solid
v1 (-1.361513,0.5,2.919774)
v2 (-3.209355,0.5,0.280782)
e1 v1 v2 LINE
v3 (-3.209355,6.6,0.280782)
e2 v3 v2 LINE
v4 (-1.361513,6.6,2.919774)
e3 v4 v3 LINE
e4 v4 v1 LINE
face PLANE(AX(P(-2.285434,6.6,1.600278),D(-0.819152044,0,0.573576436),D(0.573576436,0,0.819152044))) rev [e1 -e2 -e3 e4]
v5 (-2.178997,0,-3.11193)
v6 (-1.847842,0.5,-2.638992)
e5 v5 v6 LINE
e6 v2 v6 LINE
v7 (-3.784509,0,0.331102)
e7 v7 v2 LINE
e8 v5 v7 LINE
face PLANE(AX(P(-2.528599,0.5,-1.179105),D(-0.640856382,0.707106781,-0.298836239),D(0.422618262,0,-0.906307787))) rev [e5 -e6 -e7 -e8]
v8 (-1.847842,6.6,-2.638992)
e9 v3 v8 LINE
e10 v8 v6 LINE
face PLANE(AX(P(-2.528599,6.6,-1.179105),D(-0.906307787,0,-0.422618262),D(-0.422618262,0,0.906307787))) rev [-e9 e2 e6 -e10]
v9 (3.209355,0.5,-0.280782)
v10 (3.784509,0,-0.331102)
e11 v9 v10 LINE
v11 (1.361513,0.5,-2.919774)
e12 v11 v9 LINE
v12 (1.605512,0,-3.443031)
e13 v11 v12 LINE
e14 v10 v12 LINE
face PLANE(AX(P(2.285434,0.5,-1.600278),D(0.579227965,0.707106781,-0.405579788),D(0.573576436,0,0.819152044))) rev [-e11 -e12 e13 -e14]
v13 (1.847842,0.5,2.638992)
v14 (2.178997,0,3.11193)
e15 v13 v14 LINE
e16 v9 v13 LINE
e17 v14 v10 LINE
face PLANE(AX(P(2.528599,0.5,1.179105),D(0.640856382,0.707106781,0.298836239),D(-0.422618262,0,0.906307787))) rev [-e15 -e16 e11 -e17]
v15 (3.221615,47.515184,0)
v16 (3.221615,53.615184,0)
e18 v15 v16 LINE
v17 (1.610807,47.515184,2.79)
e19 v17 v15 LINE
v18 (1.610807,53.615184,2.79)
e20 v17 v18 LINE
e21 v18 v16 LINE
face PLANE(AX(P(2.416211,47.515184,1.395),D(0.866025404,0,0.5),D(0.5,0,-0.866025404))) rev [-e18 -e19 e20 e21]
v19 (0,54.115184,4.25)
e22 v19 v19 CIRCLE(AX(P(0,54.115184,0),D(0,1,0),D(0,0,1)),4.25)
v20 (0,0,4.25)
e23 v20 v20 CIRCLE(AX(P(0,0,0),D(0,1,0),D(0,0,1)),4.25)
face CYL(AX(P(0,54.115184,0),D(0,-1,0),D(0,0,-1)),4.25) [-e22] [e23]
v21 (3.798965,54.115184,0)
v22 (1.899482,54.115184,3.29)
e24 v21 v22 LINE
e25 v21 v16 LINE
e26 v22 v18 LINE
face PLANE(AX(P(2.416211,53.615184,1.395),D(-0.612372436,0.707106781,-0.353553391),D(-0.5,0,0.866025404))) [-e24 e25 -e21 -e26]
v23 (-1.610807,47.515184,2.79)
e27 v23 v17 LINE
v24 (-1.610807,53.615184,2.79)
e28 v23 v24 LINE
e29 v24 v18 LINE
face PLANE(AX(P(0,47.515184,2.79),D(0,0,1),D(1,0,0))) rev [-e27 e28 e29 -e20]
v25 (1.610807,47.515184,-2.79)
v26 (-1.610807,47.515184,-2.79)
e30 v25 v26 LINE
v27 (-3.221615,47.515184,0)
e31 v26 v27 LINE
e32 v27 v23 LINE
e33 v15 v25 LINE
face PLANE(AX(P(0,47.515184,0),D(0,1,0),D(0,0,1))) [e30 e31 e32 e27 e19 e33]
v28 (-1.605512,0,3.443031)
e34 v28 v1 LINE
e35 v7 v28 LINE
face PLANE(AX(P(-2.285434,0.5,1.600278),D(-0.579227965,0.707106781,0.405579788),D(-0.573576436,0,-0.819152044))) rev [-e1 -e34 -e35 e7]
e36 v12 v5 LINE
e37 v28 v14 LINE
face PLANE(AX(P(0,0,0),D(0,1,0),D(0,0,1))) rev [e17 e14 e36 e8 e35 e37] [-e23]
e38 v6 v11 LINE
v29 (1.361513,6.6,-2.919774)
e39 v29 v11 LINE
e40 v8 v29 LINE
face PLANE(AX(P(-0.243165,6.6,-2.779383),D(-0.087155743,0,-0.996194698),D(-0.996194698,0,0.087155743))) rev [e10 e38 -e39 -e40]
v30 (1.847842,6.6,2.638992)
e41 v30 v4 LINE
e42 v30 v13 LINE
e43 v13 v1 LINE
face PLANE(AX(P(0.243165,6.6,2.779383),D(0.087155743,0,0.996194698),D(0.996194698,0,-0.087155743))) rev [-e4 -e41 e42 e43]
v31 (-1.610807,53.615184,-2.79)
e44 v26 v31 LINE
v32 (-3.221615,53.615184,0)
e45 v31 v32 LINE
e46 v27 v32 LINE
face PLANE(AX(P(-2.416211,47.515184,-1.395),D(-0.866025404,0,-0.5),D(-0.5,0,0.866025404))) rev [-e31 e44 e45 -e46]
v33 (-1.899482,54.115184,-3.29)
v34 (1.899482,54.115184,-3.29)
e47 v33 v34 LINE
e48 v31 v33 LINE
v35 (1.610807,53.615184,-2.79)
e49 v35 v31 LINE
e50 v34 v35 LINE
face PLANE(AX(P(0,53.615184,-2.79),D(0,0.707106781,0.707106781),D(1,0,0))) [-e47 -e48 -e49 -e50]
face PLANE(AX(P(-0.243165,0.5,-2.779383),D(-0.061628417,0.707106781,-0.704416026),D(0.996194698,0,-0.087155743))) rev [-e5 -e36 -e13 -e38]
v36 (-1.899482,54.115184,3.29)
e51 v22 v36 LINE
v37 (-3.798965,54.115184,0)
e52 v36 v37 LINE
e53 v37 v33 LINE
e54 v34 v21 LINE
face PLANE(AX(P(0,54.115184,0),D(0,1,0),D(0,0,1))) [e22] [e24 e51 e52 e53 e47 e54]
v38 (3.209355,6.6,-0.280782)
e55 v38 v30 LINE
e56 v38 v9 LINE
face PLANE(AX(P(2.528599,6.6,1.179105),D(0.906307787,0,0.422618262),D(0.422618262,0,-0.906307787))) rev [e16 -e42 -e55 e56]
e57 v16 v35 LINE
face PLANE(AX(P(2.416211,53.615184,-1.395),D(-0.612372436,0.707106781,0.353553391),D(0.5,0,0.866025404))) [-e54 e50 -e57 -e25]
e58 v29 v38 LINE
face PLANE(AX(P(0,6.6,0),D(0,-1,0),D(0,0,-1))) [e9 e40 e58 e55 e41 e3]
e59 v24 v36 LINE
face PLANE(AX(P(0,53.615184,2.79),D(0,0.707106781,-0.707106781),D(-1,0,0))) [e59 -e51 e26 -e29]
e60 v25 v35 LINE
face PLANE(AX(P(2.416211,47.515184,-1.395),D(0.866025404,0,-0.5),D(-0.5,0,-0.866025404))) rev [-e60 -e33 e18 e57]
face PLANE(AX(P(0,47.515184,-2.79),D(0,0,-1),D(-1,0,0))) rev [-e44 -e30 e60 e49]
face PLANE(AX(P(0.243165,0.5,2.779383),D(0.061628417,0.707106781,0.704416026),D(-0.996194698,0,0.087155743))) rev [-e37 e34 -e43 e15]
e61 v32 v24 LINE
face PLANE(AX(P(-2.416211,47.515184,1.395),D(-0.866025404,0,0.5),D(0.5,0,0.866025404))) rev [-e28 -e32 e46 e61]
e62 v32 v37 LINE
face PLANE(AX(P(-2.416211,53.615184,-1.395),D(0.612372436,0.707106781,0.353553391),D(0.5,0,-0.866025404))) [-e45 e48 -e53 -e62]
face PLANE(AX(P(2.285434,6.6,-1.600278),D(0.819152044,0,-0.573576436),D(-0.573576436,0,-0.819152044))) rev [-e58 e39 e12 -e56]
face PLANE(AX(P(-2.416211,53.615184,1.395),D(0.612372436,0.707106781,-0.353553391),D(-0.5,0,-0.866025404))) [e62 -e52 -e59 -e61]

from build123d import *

# Parameters (mm, degrees)
SKETCH1_R           = 4.25
BOSS_EXTRUDE1_DEPTH = 54.11518367
CUT_EXTRUDE1_DEPTH  = 6.6
CHAMFER1_SIZE       = 0.5
CUT_EXTRUDE2_DEPTH  = 6.6
CHAMFER2_SIZE       = 0.5


with BuildPart() as part:
    # Sketch1 → Boss-Extrude1 (new body)
    with BuildSketch(Plane(origin=(0, 0, 0), x_dir=(1, 0, 0), z_dir=(0, 1, 0))):
        Circle(SKETCH1_R)
    extrude(amount=BOSS_EXTRUDE1_DEPTH)

    # Sketch2 → Cut-Extrude1 (cut)
    with BuildSketch(Plane(origin=(0, 54.11518367, 0), x_dir=(1, 0, 0), z_dir=(0, 1, 0))):
        Polygon((0, -2.79), (0, 2.79), (-1.610807251, 2.79), (-3.221614502, 0), (-1.610807251, -2.79), align=None)
        Polygon((1.610807251, 2.79), (0, 2.79), (0, -2.79), (1.610807251, -2.79), (3.221614502, 0), align=None)
    extrude(amount=-CUT_EXTRUDE1_DEPTH, mode=Mode.SUBTRACT)

    # Chamfer1
    chamfer1_edges = [part.edges().sort_by_distance(p)[0] for p in [
        (-2.416210877, 54.11518367, 1.395),
        (0, 54.11518367, 2.79),
        (2.416210877, 54.11518367, 1.395),
        (2.416210877, 54.11518367, -1.395),
        (0, 54.11518367, -2.79),
        (-2.416210877, 54.11518367, -1.395),
    ]]
    chamfer(chamfer1_edges, length=CHAMFER1_SIZE)

    # Sketch3 → Cut-Extrude2 (cut)
    with BuildSketch(Plane.XZ):
        Polygon((-1.361513121, 2.91977431), (1.361513121, -2.91977431), (-1.847842165, -2.638992105), (-3.209355286, 0.280782205), align=None)
        Polygon((1.847842165, 2.638992105), (-1.361513121, 2.91977431), (1.361513121, -2.91977431), (3.209355286, -0.280782205), align=None)
    extrude(amount=-CUT_EXTRUDE2_DEPTH, mode=Mode.SUBTRACT)

    # Chamfer2
    chamfer2_edges = [part.edges().sort_by_distance(p)[0] for p in [
        (-0.243164522, 0, -2.779383208),
        (2.285434204, 0, -1.600278257),
        (2.528598726, 0, 1.17910495),
        (0.243164522, 0, 2.779383208),
        (-2.285434204, 0, 1.600278257),
        (-2.528598726, 0, -1.17910495),
    ]]
    chamfer(chamfer2_edges, length=CHAMFER2_SIZE)


solid = part.part
